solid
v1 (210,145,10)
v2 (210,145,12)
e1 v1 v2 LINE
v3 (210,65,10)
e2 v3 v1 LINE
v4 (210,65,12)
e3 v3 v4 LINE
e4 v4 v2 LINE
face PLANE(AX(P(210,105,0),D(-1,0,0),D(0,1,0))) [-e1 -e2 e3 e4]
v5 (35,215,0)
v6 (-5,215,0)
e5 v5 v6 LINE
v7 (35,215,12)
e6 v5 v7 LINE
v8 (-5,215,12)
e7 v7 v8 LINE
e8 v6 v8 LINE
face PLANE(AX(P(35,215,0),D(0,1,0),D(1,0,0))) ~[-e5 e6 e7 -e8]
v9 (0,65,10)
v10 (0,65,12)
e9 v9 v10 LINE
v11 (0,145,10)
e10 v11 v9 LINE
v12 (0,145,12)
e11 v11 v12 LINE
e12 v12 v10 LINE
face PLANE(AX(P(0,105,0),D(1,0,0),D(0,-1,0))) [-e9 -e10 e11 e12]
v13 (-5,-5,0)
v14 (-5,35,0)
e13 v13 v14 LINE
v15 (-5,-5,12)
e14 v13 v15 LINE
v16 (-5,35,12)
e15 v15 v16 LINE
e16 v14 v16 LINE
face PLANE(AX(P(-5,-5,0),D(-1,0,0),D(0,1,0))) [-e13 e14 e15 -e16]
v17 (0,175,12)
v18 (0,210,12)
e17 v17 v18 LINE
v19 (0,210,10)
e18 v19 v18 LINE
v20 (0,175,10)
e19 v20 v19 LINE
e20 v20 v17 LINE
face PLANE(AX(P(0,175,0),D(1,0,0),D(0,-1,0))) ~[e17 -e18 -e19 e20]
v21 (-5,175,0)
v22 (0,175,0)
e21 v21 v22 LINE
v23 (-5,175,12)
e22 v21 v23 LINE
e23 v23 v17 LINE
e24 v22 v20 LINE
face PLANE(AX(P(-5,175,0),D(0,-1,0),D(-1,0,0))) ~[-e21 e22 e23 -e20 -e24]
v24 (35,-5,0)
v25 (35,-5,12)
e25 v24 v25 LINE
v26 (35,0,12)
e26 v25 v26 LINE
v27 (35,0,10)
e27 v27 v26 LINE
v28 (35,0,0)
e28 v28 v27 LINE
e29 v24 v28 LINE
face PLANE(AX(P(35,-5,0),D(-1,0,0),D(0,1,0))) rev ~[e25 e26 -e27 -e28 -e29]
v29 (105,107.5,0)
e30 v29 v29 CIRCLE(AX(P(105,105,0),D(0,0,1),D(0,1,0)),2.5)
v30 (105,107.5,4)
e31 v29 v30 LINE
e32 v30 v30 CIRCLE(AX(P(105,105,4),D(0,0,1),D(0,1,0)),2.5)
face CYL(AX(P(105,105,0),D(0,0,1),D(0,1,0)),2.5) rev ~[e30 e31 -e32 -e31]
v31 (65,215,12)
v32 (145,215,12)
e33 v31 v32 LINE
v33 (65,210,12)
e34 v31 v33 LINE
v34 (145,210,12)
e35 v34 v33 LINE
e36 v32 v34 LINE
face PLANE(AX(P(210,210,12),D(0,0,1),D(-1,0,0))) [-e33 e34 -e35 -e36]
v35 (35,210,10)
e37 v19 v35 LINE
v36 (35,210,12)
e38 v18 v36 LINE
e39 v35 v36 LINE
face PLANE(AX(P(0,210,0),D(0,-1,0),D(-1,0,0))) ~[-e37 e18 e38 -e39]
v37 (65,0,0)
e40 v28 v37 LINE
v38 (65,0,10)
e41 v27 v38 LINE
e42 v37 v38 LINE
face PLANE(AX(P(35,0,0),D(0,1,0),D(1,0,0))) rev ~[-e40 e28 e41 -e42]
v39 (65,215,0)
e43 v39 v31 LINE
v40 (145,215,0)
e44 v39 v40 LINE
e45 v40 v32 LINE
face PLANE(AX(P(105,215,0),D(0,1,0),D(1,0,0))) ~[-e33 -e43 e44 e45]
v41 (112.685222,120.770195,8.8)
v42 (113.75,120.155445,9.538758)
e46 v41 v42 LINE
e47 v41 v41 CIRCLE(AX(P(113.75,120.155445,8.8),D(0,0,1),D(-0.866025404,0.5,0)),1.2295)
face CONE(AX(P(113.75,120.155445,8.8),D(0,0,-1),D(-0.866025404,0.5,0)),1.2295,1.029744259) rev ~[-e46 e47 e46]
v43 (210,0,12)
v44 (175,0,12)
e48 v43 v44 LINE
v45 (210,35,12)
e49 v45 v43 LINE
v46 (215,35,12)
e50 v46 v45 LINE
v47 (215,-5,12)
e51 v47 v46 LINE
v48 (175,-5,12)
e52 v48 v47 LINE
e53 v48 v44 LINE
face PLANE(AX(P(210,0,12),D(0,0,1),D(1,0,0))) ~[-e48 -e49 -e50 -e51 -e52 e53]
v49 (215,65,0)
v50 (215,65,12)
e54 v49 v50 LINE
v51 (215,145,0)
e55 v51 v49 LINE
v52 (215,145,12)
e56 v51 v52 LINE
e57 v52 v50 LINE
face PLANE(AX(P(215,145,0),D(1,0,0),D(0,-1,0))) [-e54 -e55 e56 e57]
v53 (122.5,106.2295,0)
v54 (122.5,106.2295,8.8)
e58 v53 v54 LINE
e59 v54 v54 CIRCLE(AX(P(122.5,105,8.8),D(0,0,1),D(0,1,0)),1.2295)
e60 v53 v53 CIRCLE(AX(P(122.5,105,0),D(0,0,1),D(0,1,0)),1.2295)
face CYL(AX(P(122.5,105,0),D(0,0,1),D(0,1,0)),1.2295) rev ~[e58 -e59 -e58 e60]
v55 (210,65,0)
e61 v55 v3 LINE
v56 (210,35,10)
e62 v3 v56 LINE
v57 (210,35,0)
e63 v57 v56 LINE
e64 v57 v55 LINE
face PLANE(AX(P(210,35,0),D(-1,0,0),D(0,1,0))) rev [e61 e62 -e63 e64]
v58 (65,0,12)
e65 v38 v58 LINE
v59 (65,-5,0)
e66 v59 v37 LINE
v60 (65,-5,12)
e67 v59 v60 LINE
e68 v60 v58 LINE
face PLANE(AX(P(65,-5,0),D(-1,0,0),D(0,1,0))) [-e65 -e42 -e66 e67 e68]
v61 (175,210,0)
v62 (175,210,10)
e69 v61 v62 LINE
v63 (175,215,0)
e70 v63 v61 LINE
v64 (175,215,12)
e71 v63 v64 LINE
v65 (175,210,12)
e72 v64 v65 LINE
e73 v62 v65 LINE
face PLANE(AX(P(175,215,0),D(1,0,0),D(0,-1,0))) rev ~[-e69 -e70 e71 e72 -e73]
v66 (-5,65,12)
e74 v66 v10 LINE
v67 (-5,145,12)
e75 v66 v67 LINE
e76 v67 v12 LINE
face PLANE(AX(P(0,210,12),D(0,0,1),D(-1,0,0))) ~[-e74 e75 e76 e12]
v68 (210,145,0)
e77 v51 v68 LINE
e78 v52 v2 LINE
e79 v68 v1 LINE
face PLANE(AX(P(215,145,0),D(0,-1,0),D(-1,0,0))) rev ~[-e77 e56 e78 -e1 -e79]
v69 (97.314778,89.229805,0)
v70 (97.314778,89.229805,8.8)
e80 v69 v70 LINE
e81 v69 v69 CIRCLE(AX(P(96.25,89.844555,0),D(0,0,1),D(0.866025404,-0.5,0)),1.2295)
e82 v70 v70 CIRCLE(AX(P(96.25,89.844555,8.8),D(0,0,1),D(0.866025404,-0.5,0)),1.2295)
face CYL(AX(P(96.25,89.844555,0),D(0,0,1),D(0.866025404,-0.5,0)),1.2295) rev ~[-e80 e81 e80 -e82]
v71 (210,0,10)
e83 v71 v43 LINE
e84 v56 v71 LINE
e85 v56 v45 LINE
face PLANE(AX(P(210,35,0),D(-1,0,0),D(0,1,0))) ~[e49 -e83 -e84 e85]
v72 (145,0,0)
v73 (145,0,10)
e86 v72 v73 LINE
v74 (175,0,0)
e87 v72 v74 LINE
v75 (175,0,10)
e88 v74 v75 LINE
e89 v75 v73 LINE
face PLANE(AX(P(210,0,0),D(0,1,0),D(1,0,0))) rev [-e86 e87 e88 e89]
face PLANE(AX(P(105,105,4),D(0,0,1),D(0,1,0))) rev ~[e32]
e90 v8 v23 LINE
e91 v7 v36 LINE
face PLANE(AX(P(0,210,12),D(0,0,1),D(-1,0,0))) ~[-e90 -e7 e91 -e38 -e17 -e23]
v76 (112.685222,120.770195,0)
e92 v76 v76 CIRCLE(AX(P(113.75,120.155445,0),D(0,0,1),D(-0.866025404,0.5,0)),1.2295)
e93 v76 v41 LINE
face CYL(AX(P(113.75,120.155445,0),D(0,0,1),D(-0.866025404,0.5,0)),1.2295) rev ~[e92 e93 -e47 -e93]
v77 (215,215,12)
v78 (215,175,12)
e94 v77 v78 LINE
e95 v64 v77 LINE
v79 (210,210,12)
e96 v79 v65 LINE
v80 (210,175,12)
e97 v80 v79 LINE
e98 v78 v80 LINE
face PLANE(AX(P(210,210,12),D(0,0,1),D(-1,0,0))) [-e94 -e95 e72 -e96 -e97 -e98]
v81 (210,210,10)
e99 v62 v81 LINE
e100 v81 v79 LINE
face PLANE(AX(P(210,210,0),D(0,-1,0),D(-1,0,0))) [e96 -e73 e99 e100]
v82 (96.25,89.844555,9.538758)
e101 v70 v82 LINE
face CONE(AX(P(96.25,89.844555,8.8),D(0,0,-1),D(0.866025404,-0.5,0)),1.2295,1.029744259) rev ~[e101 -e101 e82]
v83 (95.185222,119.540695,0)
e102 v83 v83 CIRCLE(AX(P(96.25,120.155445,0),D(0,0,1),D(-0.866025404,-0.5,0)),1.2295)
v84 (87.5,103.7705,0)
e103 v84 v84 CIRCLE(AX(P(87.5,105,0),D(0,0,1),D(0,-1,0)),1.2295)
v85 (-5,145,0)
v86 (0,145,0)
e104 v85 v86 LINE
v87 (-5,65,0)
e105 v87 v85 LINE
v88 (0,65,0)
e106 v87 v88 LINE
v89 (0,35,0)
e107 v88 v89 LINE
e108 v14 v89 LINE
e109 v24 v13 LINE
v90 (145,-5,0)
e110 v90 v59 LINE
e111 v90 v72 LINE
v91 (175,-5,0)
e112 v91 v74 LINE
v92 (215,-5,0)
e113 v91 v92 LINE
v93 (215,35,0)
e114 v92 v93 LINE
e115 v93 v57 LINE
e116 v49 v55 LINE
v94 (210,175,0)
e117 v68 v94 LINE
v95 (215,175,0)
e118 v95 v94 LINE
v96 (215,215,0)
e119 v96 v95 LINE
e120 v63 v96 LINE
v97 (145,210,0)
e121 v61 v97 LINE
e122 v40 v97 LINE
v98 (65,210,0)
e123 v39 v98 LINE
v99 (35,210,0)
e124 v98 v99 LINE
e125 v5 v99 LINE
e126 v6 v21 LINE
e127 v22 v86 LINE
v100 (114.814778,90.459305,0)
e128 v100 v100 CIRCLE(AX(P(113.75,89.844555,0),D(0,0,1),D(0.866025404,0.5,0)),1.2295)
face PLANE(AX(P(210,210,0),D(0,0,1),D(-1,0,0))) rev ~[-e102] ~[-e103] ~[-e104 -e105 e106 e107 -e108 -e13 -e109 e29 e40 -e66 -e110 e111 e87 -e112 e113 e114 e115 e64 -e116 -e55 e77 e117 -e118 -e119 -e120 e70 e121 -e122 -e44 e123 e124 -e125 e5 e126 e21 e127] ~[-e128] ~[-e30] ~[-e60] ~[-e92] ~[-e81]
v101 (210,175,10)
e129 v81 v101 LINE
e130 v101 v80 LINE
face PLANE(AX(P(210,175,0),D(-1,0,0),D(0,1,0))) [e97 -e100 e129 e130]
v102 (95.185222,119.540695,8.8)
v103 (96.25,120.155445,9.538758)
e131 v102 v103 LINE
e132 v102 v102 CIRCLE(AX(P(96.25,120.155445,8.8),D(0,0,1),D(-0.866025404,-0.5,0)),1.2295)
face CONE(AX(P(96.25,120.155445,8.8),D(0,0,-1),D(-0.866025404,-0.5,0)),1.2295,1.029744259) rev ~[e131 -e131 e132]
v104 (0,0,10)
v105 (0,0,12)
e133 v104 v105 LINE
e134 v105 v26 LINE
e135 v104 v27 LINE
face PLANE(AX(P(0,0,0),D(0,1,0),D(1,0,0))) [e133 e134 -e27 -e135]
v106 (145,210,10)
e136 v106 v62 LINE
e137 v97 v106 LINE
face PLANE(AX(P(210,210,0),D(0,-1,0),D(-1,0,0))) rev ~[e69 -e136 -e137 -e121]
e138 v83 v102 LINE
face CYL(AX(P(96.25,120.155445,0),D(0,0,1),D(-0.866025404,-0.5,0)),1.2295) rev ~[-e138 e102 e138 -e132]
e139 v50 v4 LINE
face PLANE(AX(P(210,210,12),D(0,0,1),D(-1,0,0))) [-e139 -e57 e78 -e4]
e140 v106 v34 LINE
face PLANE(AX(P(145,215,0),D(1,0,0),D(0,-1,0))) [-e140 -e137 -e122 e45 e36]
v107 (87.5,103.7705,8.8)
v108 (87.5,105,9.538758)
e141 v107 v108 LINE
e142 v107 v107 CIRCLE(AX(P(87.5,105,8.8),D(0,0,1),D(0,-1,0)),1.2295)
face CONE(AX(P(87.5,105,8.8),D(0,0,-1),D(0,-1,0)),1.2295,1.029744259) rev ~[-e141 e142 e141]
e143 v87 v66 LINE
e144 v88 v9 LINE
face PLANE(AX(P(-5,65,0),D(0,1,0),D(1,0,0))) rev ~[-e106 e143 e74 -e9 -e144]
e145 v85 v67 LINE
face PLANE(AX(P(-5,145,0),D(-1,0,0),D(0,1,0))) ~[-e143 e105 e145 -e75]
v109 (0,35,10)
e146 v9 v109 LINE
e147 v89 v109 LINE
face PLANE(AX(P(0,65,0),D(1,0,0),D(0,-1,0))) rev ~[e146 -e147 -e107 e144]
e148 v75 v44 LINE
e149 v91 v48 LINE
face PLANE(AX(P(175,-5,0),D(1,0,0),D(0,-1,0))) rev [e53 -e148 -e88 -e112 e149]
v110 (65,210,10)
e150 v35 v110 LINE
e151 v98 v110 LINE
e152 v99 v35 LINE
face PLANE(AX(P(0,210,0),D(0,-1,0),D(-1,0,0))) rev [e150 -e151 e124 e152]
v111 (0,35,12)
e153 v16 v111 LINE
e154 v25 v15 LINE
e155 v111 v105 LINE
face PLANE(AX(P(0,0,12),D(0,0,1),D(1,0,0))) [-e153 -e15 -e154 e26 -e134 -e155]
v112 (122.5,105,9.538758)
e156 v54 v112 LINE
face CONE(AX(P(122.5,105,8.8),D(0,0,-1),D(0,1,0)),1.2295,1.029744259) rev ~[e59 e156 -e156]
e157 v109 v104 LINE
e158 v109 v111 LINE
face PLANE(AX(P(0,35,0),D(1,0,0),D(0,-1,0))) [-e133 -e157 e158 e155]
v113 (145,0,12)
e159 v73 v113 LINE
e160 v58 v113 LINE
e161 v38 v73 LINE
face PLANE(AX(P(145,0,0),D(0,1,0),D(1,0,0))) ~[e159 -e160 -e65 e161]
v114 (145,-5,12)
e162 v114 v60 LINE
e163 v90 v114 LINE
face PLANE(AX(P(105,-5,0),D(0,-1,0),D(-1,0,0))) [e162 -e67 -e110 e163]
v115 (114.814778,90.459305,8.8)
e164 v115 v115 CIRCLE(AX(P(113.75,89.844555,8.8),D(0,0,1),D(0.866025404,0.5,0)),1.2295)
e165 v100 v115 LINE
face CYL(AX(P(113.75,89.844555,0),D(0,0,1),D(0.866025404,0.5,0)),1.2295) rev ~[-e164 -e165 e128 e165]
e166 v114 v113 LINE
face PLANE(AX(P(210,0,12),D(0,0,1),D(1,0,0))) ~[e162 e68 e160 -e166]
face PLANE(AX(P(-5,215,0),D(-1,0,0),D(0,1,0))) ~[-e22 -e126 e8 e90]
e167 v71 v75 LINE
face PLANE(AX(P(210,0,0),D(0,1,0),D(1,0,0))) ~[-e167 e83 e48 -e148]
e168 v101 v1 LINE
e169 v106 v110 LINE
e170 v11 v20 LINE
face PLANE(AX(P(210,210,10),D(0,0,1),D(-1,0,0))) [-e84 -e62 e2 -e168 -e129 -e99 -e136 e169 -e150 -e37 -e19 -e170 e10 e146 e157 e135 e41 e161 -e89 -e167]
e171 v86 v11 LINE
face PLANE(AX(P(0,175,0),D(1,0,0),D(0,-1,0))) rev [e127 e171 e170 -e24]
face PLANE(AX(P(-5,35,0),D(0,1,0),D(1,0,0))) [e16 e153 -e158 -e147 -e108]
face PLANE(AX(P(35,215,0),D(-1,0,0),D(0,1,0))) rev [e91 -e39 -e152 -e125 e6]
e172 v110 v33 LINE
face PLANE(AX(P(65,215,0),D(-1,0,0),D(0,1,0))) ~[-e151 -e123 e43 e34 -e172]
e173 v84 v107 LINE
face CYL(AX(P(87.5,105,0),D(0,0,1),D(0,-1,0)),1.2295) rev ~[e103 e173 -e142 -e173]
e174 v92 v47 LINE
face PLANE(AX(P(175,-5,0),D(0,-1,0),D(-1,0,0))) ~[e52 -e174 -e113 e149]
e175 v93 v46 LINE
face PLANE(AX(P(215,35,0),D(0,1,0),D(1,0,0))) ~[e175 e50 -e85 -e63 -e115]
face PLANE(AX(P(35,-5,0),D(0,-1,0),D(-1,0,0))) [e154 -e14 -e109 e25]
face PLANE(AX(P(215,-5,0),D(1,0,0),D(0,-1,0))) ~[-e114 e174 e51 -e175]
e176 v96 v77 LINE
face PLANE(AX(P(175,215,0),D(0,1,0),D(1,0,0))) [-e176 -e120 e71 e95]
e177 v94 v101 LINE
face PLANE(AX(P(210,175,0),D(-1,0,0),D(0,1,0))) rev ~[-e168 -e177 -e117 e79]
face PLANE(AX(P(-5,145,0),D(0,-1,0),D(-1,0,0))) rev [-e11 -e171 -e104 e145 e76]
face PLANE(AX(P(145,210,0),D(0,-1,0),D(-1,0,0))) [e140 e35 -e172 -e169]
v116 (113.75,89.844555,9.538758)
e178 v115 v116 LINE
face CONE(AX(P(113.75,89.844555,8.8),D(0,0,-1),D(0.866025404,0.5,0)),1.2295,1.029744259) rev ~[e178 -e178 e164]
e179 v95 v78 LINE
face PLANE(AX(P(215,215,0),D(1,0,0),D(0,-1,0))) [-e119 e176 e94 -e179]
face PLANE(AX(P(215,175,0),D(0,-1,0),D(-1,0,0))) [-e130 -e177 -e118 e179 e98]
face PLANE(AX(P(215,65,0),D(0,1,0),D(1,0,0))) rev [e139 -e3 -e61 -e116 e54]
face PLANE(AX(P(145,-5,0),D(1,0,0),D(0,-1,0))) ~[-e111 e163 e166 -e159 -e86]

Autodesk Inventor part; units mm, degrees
ref_plane "YZ Plane" through (0, 0, 0) normal (1, 0, 0) x (0, 1, 0)
ref_plane "XZ Plane" through (0, 0, 0) normal (0, 1, 0) x (-1, 0, 0)
sketch "Skizze3" plane through (0, 0, 0) normal (0, 0, 1) x (1, 0, 0)
  line L0 (0, 0) -> (210, 0)
  line L1 (210, 0) -> (210, 210)
  line L2 (210, 210) -> (0, 210)
  line L3 (0, 210) -> (0, 0)
  line L4 (-5, 215) -> (215, 215)
  line L5 (215, 215) -> (215, -5)
  line L6 (215, -5) -> (-5, -5)
  line L7 (-5, -5) -> (-5, 215)
  line L8 (-5, 105) -> (215, 105)
  line L9 (105, 215) -> (105, -5)
  line L10 (-5, 65) -> (0, 65)
  line L11 (-5, 35) -> (0, 35)
  line L12 (35, -5) -> (35, 0)
  line L13 (65, -5) -> (65, 0)
  point P0 (210, 105)
  point P1 (105, 0)
  point P2 (105, 105)
  point P3 (0, 105)
  point P4 (122.5, 105)
  point P5 (105, 105)
  dimension "d4" = 210
  dimension "d5" = 210
  dimension "d6" = 220
  dimension "d7" = 220
  dimension "d8" = 5
  dimension "d9" = 5
  dimension "d12" = 30
  dimension "d13" = 40
  dimension "d14" = 30
  dimension "d15" = 40
  dimension "d27" = 17.5
extrude "Extrusion3" add sketch "Skizze3" along normal blind 10 contours L3 L8 L9 L0
extrude "Extrusion4" add sketch "Skizze3" along normal blind 12 contours L0 L12 L6 L7 L11 L3 | L0 L9 L6 L13 | L10 L7 L8 L3
mirror "Spiegeln2" about plane through (105, 0, 0) normal (1, 0, 0) of "Extrusion3", "Extrusion4"
mirror "Spiegeln3" about plane through (105, 105, 0) normal (0, 1, 0) of "Extrusion3", "Extrusion4", "Spiegeln2"
hole "Bohrung1" at (122.5, 105, 0) direction (0, 0, 1) diameter 2.459 depth 8.8 tip angle 118 thread size "M3x0.5" class "6H" standard "ISO Metric profile"
ref_plane "Arbeitsebene1" through (105, 215, 0) normal (1, 0, 0) x (0, 1, 0)
hole "Bohrung2" at (105, 105, 0) direction (0, 0, 1) diameter 5 depth 4
pattern_circular "Runde Anordnung1" count 6 over 360 about axis through (105, 105, 2) along (0, 0, 1) of "Bohrung1"
equation "\"d7\" = d6"
equation "\"d14\" = d12"
equation "\"d15\" = d13"
properties part number "BT002_trajan20_21"
